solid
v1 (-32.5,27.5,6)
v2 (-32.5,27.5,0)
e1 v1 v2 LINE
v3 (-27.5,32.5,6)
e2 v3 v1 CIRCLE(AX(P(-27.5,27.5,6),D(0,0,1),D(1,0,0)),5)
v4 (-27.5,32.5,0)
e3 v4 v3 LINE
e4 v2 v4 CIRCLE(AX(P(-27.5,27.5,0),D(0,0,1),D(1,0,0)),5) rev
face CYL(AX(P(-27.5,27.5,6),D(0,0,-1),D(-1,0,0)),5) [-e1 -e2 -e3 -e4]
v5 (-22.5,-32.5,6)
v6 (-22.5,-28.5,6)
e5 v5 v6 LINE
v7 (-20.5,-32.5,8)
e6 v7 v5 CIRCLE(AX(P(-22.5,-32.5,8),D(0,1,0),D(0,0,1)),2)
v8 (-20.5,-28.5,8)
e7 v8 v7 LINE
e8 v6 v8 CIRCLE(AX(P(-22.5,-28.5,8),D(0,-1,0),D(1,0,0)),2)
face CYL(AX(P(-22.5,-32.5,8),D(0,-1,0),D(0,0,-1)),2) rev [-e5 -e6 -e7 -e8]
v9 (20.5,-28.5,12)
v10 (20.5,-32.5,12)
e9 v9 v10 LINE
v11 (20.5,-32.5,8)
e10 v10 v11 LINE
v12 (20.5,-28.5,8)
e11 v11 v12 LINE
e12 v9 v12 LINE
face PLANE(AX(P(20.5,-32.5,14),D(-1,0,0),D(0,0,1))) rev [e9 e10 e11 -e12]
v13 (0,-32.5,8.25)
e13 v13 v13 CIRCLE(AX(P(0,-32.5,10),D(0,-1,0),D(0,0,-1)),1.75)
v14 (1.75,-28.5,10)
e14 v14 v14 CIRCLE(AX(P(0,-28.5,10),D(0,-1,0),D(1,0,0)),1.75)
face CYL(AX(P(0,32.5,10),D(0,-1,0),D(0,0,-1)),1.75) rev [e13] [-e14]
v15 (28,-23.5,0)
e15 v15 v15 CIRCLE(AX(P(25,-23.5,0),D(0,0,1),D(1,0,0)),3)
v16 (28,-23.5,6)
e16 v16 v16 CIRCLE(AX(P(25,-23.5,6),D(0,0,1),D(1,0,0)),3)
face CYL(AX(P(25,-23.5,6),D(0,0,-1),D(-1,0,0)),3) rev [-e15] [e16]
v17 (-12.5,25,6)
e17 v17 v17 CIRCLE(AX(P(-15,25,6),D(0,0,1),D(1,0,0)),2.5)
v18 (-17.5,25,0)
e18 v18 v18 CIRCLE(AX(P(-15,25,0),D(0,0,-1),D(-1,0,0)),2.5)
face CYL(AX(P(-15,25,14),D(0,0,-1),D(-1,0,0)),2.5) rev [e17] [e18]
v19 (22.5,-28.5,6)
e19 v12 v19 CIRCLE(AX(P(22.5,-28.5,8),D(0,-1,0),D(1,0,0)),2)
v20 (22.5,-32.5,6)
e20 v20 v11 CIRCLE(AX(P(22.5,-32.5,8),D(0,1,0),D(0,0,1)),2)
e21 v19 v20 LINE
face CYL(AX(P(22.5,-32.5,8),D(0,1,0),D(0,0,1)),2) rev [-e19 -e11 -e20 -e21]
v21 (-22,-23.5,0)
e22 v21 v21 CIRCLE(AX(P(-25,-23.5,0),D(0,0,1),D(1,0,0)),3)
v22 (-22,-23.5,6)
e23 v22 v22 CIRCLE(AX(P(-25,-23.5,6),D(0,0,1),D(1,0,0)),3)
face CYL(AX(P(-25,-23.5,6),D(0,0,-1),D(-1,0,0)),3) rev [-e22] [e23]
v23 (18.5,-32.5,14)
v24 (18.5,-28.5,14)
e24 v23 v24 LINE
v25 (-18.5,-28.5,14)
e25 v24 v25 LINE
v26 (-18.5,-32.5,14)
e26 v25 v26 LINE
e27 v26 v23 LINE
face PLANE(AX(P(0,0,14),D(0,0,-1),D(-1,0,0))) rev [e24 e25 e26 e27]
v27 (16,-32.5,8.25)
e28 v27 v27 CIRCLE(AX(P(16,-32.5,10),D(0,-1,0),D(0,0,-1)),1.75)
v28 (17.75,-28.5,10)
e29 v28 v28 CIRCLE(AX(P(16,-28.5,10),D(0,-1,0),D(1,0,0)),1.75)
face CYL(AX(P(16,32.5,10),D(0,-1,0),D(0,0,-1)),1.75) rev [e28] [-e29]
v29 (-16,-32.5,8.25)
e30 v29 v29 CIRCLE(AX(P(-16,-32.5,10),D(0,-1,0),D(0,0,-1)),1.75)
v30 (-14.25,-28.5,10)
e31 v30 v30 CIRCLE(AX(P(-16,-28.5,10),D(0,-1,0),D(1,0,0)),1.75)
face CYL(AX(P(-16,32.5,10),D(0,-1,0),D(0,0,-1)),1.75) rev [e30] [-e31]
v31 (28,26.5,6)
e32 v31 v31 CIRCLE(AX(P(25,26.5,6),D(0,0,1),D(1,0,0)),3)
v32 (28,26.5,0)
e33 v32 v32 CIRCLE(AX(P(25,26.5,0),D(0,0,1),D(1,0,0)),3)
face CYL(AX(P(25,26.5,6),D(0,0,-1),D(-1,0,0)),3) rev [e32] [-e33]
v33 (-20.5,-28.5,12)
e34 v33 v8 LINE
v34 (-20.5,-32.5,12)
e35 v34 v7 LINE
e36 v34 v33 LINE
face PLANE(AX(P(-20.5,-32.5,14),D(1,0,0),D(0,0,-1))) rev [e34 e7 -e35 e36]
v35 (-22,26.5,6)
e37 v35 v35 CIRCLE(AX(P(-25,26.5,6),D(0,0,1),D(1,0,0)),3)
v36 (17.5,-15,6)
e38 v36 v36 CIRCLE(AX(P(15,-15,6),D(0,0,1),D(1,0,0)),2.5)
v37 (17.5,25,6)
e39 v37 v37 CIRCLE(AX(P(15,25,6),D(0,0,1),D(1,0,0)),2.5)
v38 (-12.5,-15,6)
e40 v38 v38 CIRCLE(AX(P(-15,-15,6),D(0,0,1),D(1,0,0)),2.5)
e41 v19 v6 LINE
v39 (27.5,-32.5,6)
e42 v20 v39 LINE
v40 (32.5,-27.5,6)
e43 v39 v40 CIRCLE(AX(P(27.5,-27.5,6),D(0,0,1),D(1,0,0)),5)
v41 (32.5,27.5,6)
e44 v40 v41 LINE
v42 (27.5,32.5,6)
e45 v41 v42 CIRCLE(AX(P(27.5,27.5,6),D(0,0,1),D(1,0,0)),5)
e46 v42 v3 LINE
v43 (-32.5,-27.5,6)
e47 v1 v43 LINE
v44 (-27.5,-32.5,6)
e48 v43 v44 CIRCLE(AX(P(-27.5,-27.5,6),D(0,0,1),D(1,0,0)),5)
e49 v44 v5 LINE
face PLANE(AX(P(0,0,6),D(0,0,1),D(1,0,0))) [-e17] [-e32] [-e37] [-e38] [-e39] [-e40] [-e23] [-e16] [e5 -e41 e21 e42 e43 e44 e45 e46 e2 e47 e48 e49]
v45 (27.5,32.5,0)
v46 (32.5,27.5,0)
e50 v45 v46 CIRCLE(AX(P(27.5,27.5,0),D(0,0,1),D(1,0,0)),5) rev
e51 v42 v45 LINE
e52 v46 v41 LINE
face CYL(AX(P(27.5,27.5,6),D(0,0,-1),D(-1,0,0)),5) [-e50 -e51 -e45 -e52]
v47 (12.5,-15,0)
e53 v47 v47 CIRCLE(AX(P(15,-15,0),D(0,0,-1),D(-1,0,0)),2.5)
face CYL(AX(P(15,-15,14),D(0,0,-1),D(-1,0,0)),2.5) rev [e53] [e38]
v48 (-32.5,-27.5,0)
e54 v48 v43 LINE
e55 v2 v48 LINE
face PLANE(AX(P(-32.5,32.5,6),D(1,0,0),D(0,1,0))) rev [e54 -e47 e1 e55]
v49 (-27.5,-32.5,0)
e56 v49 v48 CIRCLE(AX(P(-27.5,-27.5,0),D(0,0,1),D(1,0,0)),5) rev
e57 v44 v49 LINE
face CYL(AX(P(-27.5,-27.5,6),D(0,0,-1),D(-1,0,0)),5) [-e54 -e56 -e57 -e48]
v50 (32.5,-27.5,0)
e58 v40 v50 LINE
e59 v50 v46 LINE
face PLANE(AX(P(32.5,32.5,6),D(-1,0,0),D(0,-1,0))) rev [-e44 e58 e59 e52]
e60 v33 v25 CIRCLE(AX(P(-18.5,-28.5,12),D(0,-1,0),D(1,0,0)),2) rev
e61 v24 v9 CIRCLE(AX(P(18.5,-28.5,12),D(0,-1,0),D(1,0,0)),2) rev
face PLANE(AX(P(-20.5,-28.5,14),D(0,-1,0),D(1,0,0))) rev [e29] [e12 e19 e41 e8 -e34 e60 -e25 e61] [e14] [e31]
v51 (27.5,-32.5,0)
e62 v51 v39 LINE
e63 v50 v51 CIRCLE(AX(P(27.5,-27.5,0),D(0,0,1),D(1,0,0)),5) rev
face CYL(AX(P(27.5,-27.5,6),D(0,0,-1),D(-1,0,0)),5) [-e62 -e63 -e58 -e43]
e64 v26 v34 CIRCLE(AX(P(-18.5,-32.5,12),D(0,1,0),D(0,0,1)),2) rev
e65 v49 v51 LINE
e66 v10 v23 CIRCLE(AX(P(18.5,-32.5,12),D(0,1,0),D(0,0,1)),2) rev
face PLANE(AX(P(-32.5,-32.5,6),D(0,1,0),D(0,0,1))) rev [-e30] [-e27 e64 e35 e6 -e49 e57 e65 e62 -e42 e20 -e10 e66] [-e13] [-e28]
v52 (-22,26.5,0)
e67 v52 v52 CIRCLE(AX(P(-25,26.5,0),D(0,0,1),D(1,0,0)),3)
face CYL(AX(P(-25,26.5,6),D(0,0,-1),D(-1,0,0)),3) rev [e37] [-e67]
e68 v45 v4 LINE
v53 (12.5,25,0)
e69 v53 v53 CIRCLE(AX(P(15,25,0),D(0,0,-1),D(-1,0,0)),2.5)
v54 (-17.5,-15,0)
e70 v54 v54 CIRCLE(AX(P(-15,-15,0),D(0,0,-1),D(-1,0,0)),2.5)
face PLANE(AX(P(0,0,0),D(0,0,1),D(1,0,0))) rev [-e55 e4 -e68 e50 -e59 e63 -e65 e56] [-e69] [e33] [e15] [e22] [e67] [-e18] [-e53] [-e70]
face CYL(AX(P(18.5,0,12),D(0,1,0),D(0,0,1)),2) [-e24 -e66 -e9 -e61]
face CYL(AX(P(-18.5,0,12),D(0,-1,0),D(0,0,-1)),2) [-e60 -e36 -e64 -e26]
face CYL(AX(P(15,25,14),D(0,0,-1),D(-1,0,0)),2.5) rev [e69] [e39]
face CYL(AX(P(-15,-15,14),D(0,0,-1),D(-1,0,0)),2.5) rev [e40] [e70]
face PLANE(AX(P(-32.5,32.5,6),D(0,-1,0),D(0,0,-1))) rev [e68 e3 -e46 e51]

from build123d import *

# Parameters (mm, degrees)
SKETCH1_W           = 65
SKETCH1_H           = 65
SKETCH1_R           = 3
BOSS_EXTRUDE1_DEPTH = 6
FILLET1_R           = 5
SKETCH2_W           = 41
SKETCH2_H           = 4
BOSS_EXTRUDE2_DEPTH = 8
FILLET2_R           = 2
SKETCH3_R           = 2.5
CUT_EXTRUDE1_DEPTH  = 15
SKETCH_1_R          = 1.75
CUT_EXTRUDE_1_DEPTH = 66


with BuildPart() as part:
    # Sketch1 → Boss-Extrude1 (new body)
    with BuildSketch(Plane.XY):
        Rectangle(SKETCH1_W, SKETCH1_H)
        with Locations((25, 26.5)):
            Circle(SKETCH1_R, mode=Mode.SUBTRACT)
        with Locations((25, -23.5)):
            Circle(SKETCH1_R, mode=Mode.SUBTRACT)
        with Locations((-25, -23.5)):
            Circle(SKETCH1_R, mode=Mode.SUBTRACT)
        with Locations((-25, 26.5)):
            Circle(SKETCH1_R, mode=Mode.SUBTRACT)
    extrude(amount=BOSS_EXTRUDE1_DEPTH)

    # Fillet1
    fillet1_edges = [part.edges().sort_by_distance(p)[0] for p in [
        (32.5, -32.5, 3),
        (-32.5, -32.5, 3),
        (-32.5, 32.5, 3),
        (32.5, 32.5, 3),
    ]]
    fillet(fillet1_edges, radius=FILLET1_R)

    # Sketch2 → Boss-Extrude2 (add)
    with BuildSketch(Plane.XY.offset(6)):
        with Locations((0, -30.5)):
            Rectangle(SKETCH2_W, SKETCH2_H)
    extrude(amount=BOSS_EXTRUDE2_DEPTH)

    # Fillet2
    fillet2_edges = [part.edges().sort_by_distance(p)[0] for p in [
        (-20.5, -30.5, 6),
        (20.5, -30.5, 6),
        (-20.5, -30.5, 14),
        (20.5, -30.5, 14),
    ]]
    fillet(fillet2_edges, radius=FILLET2_R)

    # Sketch3 → Cut-Extrude1 (cut, through all)
    with BuildSketch(Plane(origin=(0, 0, 0), x_dir=(-1, 0, 0), z_dir=(0, 0, -1))):
        with Locations((-15, 25)):
            Circle(SKETCH3_R)
        with Locations((15, 25)):
            Circle(SKETCH3_R)
        with Locations((-15, -15)):
            Circle(SKETCH3_R)
        with Locations((15, -15)):
            Circle(SKETCH3_R)
    extrude(amount=-CUT_EXTRUDE1_DEPTH, mode=Mode.SUBTRACT)

    # 草图1 → 切除-拉伸1 (cut, through all)
    with BuildSketch(Plane.XZ.offset(32.5)):
        with Locations((-16, 10)):
            Circle(SKETCH_1_R)
        with Locations((0, 10)):
            Circle(SKETCH_1_R)
        with Locations((16, 10)):
            Circle(SKETCH_1_R)
    extrude(amount=-CUT_EXTRUDE_1_DEPTH, mode=Mode.SUBTRACT)


solid = part.part
